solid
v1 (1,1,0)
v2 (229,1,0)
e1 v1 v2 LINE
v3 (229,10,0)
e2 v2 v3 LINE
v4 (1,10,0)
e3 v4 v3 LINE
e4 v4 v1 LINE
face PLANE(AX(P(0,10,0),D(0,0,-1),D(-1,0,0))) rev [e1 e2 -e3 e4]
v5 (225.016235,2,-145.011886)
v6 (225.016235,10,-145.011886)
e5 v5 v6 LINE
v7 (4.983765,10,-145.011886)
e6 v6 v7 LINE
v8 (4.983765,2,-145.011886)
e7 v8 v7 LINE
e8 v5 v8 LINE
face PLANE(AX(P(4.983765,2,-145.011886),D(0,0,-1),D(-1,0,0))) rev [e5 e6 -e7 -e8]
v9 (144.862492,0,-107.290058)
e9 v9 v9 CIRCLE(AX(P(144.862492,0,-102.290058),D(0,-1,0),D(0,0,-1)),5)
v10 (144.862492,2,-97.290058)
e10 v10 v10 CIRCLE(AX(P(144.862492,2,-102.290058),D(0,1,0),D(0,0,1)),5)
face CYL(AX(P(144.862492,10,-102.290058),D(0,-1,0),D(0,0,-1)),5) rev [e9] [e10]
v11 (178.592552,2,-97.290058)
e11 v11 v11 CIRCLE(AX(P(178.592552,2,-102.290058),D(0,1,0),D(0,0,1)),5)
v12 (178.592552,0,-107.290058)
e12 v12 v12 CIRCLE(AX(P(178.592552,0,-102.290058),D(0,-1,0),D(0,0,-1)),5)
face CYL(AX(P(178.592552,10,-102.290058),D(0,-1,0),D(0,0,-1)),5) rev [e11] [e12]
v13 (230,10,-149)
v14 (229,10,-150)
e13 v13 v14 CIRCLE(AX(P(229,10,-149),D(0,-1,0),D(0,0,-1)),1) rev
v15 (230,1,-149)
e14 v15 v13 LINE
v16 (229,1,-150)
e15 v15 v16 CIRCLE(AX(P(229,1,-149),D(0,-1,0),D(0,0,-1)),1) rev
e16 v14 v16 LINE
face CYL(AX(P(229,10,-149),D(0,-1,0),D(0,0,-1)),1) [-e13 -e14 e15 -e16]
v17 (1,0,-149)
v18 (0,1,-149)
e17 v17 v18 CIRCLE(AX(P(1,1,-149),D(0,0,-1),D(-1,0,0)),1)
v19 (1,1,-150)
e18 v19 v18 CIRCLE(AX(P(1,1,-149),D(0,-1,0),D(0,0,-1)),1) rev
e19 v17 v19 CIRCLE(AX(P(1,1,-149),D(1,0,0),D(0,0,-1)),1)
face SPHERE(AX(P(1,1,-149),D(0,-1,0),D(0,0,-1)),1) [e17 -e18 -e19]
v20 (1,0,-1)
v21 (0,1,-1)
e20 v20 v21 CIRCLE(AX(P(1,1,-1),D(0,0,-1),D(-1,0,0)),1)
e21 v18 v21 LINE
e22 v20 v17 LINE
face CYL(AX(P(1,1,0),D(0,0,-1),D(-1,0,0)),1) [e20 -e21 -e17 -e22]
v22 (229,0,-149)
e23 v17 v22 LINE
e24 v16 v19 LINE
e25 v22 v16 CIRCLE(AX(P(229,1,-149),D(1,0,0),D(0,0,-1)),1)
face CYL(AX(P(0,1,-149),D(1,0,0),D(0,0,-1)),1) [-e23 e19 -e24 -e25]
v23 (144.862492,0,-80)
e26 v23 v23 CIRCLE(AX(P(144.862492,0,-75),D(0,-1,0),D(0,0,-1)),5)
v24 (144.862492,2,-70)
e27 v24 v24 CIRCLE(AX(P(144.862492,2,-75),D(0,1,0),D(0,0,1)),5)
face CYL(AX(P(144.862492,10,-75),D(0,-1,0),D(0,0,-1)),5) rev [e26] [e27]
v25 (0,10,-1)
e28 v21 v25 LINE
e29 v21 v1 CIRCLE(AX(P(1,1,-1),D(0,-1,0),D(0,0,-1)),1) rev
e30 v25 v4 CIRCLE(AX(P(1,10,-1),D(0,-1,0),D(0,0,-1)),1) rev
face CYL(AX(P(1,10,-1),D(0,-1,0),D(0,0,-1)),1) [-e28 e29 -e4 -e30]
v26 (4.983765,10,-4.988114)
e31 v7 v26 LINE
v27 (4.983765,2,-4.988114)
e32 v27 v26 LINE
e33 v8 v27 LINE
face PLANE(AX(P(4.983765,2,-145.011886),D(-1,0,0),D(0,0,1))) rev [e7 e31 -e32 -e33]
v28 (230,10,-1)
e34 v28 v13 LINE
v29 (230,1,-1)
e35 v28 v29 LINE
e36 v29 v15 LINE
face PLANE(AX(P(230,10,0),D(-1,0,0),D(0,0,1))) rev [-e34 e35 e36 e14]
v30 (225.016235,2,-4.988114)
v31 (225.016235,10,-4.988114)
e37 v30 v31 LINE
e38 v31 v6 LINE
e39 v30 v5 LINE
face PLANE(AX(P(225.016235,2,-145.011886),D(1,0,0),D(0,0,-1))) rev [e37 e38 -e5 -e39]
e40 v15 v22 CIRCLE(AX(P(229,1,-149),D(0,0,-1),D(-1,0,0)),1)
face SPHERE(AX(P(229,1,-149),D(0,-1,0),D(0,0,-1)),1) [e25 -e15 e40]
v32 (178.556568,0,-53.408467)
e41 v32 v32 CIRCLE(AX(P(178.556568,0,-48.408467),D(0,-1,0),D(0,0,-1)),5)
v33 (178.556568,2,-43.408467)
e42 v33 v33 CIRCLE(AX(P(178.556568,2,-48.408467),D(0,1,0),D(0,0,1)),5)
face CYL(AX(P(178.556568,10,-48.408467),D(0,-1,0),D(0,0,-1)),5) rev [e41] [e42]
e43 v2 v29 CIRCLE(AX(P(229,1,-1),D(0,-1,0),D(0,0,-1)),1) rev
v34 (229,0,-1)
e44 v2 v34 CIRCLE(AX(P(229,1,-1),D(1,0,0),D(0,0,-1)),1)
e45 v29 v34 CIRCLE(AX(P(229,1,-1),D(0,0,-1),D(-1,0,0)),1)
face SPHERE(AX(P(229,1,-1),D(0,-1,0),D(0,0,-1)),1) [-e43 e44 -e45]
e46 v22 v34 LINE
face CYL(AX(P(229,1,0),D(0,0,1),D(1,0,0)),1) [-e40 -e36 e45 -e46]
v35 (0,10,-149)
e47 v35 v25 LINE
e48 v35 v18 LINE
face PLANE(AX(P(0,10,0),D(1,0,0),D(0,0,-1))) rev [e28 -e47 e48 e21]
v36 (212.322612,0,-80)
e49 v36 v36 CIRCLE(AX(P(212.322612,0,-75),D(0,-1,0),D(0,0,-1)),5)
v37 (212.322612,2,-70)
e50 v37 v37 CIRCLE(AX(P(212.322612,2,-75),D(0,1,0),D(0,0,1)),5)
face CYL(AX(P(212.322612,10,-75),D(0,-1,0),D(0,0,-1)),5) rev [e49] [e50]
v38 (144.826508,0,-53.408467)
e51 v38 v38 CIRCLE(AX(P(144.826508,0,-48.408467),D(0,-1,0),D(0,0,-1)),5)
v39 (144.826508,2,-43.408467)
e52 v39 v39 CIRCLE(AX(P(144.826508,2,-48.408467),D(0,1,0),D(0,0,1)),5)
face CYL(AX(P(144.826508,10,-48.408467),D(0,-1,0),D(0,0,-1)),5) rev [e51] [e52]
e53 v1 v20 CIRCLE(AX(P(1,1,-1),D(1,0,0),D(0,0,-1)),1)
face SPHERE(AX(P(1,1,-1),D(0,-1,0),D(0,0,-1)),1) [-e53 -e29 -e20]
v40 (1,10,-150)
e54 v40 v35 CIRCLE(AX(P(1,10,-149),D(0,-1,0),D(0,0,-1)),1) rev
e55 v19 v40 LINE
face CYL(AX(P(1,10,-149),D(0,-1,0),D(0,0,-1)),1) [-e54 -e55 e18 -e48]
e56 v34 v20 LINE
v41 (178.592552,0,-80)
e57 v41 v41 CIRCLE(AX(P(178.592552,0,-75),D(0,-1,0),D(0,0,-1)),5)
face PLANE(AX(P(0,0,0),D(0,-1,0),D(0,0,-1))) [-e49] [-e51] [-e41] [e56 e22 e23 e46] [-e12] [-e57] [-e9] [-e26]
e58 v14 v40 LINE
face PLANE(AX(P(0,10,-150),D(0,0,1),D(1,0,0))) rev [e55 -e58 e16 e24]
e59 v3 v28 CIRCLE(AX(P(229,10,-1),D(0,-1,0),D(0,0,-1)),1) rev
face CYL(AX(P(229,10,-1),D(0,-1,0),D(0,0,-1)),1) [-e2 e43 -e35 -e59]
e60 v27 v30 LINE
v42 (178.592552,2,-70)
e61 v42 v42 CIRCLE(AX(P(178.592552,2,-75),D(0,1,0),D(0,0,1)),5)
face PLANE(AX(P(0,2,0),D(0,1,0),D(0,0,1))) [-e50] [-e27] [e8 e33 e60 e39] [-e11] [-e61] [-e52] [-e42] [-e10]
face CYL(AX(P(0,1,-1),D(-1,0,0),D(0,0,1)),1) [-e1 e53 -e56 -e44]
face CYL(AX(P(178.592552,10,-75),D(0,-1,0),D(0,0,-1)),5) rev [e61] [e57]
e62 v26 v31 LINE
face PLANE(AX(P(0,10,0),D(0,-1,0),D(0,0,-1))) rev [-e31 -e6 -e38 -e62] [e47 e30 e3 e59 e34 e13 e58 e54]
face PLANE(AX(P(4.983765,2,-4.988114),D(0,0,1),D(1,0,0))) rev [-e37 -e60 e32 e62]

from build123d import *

# Parameters (mm, degrees)
SKETCH1_W           = 230
SKETCH1_H           = 150
BOSS_EXTRUDE3_DEPTH = 10
SKETCH3_W           = 220.032470936
SKETCH3_H           = 140.023771478
CUT_EXTRUDE1_DEPTH  = 8
FILLET1_R           = 1
FILLET2_R           = 1
FILLET3_R           = 1
SKETCH6_R           = 5
CUT_EXTRUDE3_DEPTH  = 10


with BuildPart() as part:
    # Sketch1 → Boss-Extrude3 (new body)
    with BuildSketch(Plane(origin=(0, 0, 0), x_dir=(1, 0, 0), z_dir=(0, 1, 0))):
        with Locations((115, 75)):
            Rectangle(SKETCH1_W, SKETCH1_H)
    extrude(amount=BOSS_EXTRUDE3_DEPTH)

    # Sketch3 → Cut-Extrude1 (cut)
    with BuildSketch(Plane(origin=(0, 10, 0), x_dir=(1, 0, 0), z_dir=(0, 1, 0))):
        with Locations((115, 75)):
            Rectangle(SKETCH3_W, SKETCH3_H)
    extrude(amount=-CUT_EXTRUDE1_DEPTH, mode=Mode.SUBTRACT)

    # Fillet1
    fillet1_edges = [part.edges().sort_by_distance(p)[0] for p in [
        (0, 5, 0),
    ]]
    fillet(fillet1_edges, radius=FILLET1_R)

    # Fillet2
    fillet2_edges = [part.edges().sort_by_distance(p)[0] for p in [
        (0, 5, -150),
        (230, 5, -150),
        (230, 5, 0),
    ]]
    fillet(fillet2_edges, radius=FILLET2_R)

    # Fillet3
    fillet3_edges = [part.edges().sort_by_distance(p)[0] for p in [
        (115, 0, 0),
        (0.292893219, 0, -0.292893219),
        (0, 0, -75),
        (115, 0, -150),
        (230, 0, -75),
        (229.707106781, 0, -149.707106781),
        (229.707106781, 0, -0.292893219),
        (0.292893219, 0, -149.707106781),
    ]]
    fillet(fillet3_edges, radius=FILLET3_R)

    # Sketch6 → Cut-Extrude3 (cut)
    with BuildSketch(Plane.XZ):
        with Locations((144.826508181, -48.408466726)):
            Circle(SKETCH6_R)
        with Locations((178.556568371, -48.408466726)):
            Circle(SKETCH6_R)
        with Locations((178.592552161, -75)):
            Circle(SKETCH6_R)
        with Locations((144.862491971, -75)):
            Circle(SKETCH6_R)
        with Locations((144.862491971, -102.290057641)):
            Circle(SKETCH6_R)
        with Locations((178.592552161, -102.290057641)):
            Circle(SKETCH6_R)
        with Locations((212.322612351, -75)):
            Circle(SKETCH6_R)
    extrude(amount=-CUT_EXTRUDE3_DEPTH, mode=Mode.SUBTRACT)


solid = part.part
